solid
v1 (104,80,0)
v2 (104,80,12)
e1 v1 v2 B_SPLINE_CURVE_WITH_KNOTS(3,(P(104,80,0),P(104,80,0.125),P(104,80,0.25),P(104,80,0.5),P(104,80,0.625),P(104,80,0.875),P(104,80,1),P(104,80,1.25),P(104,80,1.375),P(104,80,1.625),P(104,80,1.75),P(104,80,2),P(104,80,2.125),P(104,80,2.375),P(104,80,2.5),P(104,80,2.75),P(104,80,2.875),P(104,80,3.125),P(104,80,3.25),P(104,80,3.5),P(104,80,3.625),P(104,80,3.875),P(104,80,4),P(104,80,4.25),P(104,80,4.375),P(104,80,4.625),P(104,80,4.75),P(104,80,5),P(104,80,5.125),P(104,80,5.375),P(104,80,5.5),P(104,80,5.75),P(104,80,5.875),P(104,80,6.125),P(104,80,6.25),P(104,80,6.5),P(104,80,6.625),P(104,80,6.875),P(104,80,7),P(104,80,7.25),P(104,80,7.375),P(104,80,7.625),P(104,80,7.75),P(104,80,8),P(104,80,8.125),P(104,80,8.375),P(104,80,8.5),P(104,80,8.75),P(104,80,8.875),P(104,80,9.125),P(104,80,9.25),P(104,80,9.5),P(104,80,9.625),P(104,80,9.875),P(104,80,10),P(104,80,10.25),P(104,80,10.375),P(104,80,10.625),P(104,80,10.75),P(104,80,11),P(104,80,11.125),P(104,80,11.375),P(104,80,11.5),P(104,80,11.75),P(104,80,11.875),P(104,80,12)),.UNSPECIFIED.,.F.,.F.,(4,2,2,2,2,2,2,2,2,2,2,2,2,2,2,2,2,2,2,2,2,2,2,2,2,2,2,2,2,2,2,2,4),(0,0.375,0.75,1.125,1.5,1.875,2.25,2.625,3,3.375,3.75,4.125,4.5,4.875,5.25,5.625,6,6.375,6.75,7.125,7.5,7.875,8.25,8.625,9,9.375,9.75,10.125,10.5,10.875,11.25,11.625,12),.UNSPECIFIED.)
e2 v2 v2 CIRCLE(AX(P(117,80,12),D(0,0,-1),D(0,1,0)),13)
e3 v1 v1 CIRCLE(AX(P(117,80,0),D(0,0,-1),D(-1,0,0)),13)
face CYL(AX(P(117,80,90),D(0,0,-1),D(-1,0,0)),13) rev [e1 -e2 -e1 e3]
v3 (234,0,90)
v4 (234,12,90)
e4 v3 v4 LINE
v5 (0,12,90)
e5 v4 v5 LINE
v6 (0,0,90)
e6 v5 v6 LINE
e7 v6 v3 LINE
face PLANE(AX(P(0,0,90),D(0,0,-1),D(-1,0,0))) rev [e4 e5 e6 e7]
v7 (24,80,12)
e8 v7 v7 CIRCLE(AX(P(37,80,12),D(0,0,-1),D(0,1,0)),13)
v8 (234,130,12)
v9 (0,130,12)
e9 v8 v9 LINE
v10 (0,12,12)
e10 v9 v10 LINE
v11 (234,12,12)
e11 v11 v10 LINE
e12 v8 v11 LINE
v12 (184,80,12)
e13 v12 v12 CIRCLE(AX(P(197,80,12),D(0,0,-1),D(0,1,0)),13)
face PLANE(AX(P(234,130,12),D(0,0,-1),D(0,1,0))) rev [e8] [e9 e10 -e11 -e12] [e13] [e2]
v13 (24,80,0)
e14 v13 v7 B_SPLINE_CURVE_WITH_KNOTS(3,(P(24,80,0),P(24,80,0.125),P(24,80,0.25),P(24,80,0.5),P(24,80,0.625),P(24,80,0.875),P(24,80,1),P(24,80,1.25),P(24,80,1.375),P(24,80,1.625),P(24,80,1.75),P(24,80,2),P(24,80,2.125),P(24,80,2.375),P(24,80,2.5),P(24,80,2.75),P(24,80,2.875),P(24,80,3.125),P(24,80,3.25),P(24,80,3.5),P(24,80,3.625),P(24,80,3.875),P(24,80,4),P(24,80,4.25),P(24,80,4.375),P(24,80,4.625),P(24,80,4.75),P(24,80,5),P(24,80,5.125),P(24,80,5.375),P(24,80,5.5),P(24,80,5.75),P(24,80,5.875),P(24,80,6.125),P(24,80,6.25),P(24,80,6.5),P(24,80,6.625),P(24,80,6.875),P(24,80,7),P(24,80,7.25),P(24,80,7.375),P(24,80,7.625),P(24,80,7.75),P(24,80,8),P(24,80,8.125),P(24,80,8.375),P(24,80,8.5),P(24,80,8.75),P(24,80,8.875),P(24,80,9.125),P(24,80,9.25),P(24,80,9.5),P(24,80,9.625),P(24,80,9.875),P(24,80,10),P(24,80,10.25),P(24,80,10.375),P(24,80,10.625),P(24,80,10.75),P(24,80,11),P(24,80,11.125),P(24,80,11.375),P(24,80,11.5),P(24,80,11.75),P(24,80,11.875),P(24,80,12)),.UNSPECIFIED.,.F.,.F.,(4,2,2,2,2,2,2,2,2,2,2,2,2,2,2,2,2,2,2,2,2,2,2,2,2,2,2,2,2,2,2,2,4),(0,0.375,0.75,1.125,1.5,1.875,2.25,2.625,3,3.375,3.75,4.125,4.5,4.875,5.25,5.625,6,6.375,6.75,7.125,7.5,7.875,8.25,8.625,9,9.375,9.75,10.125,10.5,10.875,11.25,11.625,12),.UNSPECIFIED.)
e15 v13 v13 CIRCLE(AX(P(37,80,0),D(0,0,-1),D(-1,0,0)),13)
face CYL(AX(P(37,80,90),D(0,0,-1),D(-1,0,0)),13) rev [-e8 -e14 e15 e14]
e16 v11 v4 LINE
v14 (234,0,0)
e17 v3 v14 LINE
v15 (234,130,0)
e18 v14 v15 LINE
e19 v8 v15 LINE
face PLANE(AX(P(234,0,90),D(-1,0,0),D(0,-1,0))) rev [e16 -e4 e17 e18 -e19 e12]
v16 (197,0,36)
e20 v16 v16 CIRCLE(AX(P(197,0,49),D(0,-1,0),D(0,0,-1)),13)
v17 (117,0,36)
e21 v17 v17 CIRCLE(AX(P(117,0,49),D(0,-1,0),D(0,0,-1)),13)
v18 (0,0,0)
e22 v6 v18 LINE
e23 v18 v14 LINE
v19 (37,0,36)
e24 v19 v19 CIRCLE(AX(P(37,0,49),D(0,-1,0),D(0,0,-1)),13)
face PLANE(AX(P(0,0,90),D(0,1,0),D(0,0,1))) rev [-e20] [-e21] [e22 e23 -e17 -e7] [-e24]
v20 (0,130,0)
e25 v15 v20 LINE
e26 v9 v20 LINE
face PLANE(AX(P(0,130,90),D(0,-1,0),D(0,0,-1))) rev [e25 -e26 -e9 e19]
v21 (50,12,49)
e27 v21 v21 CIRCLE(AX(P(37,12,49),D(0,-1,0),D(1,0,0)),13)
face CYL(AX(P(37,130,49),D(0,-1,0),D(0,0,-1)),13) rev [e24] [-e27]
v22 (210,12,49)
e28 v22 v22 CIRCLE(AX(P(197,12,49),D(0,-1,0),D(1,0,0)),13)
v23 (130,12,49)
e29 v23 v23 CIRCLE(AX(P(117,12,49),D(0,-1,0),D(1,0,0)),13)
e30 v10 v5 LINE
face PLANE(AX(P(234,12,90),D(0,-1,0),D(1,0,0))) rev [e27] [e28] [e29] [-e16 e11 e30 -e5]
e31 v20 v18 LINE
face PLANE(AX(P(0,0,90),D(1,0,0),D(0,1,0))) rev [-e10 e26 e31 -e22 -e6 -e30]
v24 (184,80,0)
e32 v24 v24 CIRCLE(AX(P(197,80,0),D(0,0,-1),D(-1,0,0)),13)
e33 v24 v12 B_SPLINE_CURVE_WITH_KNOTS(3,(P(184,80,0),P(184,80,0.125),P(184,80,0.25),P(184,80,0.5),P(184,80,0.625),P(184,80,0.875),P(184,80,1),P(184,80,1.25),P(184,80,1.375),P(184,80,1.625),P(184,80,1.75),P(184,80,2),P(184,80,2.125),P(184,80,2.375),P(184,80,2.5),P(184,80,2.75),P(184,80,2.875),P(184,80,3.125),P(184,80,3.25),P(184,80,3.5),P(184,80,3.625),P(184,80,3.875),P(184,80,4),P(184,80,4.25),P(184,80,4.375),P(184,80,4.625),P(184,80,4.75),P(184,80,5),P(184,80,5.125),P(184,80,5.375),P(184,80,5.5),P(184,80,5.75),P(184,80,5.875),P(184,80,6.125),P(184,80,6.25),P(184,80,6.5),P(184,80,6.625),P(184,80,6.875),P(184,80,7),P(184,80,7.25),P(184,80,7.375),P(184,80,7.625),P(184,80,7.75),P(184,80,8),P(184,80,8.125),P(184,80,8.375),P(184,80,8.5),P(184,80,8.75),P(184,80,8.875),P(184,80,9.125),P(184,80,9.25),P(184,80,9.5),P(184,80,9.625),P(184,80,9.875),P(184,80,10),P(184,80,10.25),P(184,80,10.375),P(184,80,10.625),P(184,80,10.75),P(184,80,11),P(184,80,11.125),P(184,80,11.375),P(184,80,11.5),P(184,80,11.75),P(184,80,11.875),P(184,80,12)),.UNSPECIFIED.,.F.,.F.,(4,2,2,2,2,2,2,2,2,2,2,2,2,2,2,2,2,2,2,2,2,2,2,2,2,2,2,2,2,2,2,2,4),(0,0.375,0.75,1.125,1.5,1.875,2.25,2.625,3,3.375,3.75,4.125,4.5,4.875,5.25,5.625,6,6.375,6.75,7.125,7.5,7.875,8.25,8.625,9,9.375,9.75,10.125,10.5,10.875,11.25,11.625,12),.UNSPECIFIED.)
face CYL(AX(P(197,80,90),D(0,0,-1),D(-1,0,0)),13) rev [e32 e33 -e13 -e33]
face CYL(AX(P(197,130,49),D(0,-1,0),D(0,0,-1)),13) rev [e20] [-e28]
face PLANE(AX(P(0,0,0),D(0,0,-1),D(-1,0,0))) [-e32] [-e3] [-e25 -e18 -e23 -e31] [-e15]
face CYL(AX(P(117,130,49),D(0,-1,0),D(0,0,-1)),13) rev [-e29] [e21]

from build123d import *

# Parameters (mm, degrees)
SKETCH_1_W             = 234
SKETCH_1_H             = 130
EXTRUDE_1_DEPTH        = 90
SKETCH_2_W             = 78
SKETCH_2_H             = 118
CUT_EXTRUDE_1_DEPTH    = 283.411047943
SKETCH_3_R             = 13
CUT_EXTRUDE_2_DEPTH    = 283.411047943
PATTERN_LINEAR_1_COUNT = 3
PATTERN_LINEAR_1_PITCH = 80
SKETCH_4_R             = 13
CUT_EXTRUDE_3_DEPTH    = 283.411047943
PATTERN_LINEAR_2_COUNT = 3
PATTERN_LINEAR_2_PITCH = 80


with BuildPart() as part:
    # 草图1 → 凸台-拉伸1 (new body)
    with BuildSketch(Plane.XY):
        with Locations((117, 65)):
            Rectangle(SKETCH_1_W, SKETCH_1_H)
    extrude(amount=EXTRUDE_1_DEPTH)

    # 草图2 → 切除-拉伸1 (cut, through all)
    with BuildSketch(Plane.ZY):
        with Locations((51, 71)):
            Rectangle(SKETCH_2_W, SKETCH_2_H)
    extrude(amount=-CUT_EXTRUDE_1_DEPTH, mode=Mode.SUBTRACT)

    # 草图3 → 切除-拉伸2 (cut, through all)
    with BuildSketch(Plane(origin=(0, 0, 0), x_dir=(-1, 0, 0), z_dir=(0, 0, -1))):
        with Locations((-197, 80)):
            Circle(SKETCH_3_R)
    cut_extrude_2 = extrude(amount=-CUT_EXTRUDE_2_DEPTH, mode=Mode.SUBTRACT)

    # 阵列(线性)1: 切除-拉伸2 ×3
    with Locations(*[(-i * PATTERN_LINEAR_1_PITCH, 0, 0) for i in range(1, PATTERN_LINEAR_1_COUNT)]):
        add(cut_extrude_2, mode=Mode.SUBTRACT)

    # 草图4 → 切除-拉伸3 (cut, through all)
    with BuildSketch(Plane.XZ):
        with Locations(Location((37, 49, 0), (0, 0, 270))):
            Circle(SKETCH_4_R)
    cut_extrude_3 = extrude(amount=-CUT_EXTRUDE_3_DEPTH, mode=Mode.SUBTRACT)

    # 阵列(线性)2: 切除-拉伸3 ×3
    with Locations(*[(i * PATTERN_LINEAR_2_PITCH, 0, 0) for i in range(1, PATTERN_LINEAR_2_COUNT)]):
        add(cut_extrude_3, mode=Mode.SUBTRACT)


solid = part.part
